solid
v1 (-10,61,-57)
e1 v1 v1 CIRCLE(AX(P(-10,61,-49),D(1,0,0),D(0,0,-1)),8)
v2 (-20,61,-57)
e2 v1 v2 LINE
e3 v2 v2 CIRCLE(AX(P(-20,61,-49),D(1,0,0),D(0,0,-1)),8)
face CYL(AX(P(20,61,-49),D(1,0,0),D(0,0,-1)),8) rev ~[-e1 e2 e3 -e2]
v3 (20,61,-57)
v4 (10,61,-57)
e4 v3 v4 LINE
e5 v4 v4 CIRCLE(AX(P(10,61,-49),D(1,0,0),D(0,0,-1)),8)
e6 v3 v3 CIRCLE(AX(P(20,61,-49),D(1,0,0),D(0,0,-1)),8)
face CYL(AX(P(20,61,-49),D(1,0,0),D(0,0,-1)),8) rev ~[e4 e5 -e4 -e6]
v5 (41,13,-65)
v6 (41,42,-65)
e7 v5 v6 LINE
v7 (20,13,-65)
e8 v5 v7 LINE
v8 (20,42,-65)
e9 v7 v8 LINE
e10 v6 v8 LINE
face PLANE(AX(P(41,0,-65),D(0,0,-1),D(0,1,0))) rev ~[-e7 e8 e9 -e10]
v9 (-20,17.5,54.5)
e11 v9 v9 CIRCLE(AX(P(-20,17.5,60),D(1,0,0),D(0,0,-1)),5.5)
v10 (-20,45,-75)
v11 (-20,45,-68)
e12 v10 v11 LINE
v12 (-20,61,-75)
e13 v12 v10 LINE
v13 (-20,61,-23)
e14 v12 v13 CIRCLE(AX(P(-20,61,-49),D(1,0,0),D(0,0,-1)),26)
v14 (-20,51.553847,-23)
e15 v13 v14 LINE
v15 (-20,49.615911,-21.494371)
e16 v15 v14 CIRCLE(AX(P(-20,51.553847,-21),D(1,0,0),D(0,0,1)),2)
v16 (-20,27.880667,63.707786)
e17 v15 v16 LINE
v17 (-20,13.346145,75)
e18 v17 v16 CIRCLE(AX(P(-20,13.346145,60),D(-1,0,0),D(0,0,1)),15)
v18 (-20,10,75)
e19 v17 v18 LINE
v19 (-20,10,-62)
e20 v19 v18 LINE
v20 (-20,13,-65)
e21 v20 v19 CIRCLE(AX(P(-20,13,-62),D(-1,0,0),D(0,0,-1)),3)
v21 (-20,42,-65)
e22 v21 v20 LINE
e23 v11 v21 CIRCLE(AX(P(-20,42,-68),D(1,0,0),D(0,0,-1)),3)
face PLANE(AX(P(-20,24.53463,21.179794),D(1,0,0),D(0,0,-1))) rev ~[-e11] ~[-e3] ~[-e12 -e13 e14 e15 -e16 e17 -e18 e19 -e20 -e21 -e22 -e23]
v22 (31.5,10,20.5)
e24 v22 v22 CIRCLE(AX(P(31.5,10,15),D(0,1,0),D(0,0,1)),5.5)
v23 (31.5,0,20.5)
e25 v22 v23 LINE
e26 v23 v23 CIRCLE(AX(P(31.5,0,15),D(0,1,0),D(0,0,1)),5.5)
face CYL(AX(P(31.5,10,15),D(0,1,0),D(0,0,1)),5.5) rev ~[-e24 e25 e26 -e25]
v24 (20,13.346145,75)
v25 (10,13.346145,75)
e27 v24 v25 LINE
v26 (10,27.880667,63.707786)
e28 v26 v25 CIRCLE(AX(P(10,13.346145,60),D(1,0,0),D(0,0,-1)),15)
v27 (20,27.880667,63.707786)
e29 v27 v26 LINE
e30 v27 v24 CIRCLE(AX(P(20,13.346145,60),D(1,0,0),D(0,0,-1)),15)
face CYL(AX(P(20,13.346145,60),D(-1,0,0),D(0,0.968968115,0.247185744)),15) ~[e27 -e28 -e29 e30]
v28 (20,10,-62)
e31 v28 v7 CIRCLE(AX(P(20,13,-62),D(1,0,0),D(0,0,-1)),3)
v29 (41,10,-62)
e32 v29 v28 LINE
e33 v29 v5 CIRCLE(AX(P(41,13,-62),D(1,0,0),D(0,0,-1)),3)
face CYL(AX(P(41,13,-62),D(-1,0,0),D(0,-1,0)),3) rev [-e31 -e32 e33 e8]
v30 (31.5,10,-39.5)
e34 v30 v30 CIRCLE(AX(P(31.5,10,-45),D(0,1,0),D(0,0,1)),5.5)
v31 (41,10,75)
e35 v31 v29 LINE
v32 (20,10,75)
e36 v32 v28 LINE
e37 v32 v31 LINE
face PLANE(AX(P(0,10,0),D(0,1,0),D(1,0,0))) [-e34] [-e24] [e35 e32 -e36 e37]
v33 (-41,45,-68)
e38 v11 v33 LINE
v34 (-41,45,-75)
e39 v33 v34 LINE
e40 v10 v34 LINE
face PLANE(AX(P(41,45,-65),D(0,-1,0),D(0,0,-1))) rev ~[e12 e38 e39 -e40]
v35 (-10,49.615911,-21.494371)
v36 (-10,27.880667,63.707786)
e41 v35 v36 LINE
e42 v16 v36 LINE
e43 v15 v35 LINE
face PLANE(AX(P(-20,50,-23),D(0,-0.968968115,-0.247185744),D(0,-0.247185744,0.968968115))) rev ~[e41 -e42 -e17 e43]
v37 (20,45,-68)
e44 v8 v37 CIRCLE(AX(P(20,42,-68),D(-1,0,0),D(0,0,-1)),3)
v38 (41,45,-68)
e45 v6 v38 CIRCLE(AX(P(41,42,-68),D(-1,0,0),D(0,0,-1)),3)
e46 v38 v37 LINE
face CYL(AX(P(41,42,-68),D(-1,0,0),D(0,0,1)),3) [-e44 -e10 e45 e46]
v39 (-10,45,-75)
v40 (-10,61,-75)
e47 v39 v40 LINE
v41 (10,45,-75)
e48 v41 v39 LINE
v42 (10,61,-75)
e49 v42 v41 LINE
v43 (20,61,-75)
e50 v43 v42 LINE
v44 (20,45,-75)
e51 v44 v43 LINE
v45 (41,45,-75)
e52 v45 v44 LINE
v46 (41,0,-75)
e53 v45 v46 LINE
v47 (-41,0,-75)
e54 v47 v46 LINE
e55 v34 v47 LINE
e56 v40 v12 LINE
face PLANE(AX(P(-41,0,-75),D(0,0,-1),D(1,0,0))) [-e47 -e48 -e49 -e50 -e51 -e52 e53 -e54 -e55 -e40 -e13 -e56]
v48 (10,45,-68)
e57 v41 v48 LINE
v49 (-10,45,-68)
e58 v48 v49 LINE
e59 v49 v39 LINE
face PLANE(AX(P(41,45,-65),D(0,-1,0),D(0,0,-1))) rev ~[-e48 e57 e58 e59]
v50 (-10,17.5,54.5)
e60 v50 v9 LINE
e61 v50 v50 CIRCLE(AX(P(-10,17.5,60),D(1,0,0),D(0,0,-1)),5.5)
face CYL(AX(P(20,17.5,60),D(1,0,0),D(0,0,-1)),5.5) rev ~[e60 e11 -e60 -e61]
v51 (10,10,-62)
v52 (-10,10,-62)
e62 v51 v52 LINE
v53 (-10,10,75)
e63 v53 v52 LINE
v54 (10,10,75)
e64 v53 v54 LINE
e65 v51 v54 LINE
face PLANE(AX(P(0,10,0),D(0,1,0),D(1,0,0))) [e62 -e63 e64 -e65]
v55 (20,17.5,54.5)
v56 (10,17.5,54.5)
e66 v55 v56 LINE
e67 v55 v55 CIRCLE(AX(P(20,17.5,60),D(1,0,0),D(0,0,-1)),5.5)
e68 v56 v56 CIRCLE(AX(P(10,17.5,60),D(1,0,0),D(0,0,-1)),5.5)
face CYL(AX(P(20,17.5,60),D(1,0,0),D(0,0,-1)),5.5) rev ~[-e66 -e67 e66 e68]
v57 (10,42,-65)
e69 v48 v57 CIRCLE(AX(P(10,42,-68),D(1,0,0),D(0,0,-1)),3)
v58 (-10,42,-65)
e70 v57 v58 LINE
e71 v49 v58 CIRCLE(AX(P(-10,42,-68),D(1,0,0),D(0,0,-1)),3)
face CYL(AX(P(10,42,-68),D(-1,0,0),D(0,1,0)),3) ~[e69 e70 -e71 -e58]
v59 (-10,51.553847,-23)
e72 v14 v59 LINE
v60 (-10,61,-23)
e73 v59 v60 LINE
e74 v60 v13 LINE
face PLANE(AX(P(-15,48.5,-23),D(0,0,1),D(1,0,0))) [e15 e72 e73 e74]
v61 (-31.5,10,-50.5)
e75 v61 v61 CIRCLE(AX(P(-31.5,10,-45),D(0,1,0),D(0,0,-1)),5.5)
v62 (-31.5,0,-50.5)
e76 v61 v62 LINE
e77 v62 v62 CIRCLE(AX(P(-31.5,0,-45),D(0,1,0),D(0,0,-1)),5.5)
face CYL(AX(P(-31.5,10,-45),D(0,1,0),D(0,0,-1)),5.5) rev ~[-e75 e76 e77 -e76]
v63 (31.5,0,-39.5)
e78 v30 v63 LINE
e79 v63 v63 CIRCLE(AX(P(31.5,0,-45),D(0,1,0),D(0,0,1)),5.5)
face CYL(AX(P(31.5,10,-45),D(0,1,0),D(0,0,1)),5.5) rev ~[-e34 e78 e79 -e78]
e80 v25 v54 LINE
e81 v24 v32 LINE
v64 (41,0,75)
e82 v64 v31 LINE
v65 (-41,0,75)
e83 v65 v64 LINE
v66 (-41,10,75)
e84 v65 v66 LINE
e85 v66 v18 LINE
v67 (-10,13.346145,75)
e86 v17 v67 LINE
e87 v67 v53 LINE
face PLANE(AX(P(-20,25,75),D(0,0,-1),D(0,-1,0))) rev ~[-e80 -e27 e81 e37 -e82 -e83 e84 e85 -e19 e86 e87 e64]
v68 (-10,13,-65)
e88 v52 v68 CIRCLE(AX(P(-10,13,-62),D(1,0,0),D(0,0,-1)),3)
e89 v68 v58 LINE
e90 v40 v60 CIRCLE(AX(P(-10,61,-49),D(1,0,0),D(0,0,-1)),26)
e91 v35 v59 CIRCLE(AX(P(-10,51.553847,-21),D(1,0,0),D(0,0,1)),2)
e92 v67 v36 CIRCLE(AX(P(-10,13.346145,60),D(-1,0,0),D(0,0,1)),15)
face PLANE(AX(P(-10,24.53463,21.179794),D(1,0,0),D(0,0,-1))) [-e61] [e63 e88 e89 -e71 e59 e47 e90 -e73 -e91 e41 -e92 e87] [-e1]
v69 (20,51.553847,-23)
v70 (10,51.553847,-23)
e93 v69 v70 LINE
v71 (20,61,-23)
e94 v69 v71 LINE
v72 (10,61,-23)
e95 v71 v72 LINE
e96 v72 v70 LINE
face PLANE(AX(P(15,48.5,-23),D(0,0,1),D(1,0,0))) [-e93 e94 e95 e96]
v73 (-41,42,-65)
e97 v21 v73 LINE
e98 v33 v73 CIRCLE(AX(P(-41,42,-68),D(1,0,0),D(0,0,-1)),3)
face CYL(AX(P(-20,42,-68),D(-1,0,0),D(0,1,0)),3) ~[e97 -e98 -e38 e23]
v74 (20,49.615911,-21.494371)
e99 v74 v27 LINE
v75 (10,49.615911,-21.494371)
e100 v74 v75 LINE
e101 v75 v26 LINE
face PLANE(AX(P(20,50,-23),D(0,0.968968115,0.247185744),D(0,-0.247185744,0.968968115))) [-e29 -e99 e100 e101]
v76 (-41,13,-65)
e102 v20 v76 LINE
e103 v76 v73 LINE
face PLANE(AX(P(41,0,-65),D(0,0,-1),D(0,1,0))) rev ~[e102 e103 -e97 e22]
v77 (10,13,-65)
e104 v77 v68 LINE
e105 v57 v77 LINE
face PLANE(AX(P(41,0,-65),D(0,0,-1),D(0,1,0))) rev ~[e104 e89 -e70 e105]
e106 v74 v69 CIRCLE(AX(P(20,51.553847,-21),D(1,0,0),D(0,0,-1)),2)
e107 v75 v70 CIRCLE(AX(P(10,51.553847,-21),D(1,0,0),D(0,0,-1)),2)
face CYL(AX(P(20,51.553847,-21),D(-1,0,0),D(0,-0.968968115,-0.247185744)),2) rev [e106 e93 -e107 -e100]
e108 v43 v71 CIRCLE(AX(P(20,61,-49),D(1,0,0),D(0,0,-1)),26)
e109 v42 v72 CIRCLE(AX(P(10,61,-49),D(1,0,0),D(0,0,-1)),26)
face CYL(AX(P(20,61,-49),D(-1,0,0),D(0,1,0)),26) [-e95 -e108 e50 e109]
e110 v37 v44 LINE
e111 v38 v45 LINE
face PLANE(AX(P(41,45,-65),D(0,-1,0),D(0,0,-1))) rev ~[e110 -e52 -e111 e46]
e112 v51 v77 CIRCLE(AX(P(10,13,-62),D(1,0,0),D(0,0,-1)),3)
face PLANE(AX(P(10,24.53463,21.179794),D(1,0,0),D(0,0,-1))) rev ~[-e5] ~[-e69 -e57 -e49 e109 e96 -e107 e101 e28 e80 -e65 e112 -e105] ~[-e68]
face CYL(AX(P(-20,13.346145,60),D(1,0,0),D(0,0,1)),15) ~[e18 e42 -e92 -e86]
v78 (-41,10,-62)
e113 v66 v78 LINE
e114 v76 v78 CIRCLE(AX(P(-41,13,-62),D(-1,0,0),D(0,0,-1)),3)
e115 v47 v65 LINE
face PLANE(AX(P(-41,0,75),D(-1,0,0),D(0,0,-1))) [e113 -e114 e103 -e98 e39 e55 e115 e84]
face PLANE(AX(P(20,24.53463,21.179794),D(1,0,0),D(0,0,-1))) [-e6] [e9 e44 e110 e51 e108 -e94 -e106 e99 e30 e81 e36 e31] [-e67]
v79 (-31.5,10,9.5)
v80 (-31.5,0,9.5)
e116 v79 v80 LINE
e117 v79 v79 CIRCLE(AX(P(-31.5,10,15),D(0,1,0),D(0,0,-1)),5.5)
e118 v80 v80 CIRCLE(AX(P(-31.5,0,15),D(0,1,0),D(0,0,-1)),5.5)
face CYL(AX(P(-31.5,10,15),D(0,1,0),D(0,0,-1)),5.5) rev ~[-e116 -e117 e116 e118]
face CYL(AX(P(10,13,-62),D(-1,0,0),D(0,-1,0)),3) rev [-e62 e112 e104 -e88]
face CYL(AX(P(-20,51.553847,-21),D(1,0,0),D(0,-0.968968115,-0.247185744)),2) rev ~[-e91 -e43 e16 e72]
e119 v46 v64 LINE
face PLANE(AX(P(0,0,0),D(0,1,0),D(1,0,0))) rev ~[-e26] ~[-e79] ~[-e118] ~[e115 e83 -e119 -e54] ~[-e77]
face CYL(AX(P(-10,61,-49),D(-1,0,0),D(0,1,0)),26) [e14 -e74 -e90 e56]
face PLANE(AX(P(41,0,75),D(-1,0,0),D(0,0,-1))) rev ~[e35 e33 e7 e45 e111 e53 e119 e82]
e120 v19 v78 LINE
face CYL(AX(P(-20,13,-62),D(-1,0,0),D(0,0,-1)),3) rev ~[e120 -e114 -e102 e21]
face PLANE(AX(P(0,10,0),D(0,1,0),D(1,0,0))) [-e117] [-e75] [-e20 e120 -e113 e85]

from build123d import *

# Parameters (mm, degrees)
SKETCH1_W                = 82
SKETCH1_H                = 150
BOSS_EXTRUDE1_DEPTH      = 10
SKETCH2_W                = 10
SKETCH2_H                = 45
BOSS_EXTRUDE2_DEPTH      = 82
BOSS_EXTRUDE3_DEPTH      = 42
BOSS_EXTRUDE3_DEPTH_BACK = 10
FILLET3_RADIUS           = 26
FILLET3_LENGTH           = 10
FILLET4_RADIUS           = 26
FILLET4_LENGTH           = 10
BOSS_EXTRUDE4_DEPTH      = 10
BOSS_EXTRUDE5_DEPTH      = 10
FILLET5_R                = 15
FILLET6_R                = 15
SKETCH6_R                = 8
SKETCH6_R_2              = 5.5
CUT_EXTRUDE1_DEPTH       = 131.057679512
FILLET7_R                = 3
FILLET8_R                = 3
FILLET9_R                = 3
FILLET10_R               = 3
FILLET11_R               = 2
SKETCH7_R                = 5.5
CUT_EXTRUDE2_DEPTH       = 116.043470045


with BuildPart() as part:
    # Sketch1 → Boss-Extrude1 (new body)
    with BuildSketch(Plane(origin=(0, 0, 0), x_dir=(1, 0, 0), z_dir=(0, 1, 0))):
        Rectangle(SKETCH1_W, SKETCH1_H)
    extrude(amount=BOSS_EXTRUDE1_DEPTH)

    # Sketch2 → Boss-Extrude2 (add, through all)
    with BuildSketch(Plane(origin=(41, 0, 0), x_dir=(0, 0, -1), z_dir=(1, 0, 0))):
        with Locations((70, 22.5)):
            Rectangle(SKETCH2_W, SKETCH2_H)
    extrude(amount=-BOSS_EXTRUDE2_DEPTH)

    # Sketch3 → Boss-Extrude3 (add, two sides: drawn at the far end of the back side and taken through both)
    with BuildSketch(Plane.XY.offset(-65).offset(-BOSS_EXTRUDE3_DEPTH_BACK)):
        Polygon((10, 45), (10, 10), (20, 10), (20, 45), (20, 87), (10, 87), align=None)
        Polygon((-10, 45), (-10, 87), (-20, 87), (-20, 45), (-20, 10), (-10, 10), align=None)
    extrude(amount=BOSS_EXTRUDE3_DEPTH + BOSS_EXTRUDE3_DEPTH_BACK)

    # Fillet3: full round fillet: the end face becomes a half cylinder, R = half its width
    fillet3_face = Plane((15, 87, -49), x_dir=(-1, 0, 0), z_dir=(0, 1, 0))  # on the end face: x along it, z out of the body
    fillet3_slab = fillet3_face.offset(-FILLET3_RADIUS / 2) * Box(FILLET3_LENGTH, 2 * FILLET3_RADIUS, FILLET3_RADIUS, mode=Mode.PRIVATE)  # the body's end, R deep
    fillet3_round = Plane((15, 61, -49), x_dir=(0, 1, 0), z_dir=(-1, 0, 0)) * Cylinder(FILLET3_RADIUS, FILLET3_LENGTH, mode=Mode.PRIVATE)  # its axis R under the face
    add(fillet3_slab - fillet3_round, mode=Mode.SUBTRACT)

    # Fillet4: full round fillet: the end face becomes a half cylinder, R = half its width
    fillet4_face = Plane((-15, 87, -49), x_dir=(-1, 0, 0), z_dir=(0, 1, 0))  # on the end face: x along it, z out of the body
    fillet4_slab = fillet4_face.offset(-FILLET4_RADIUS / 2) * Box(FILLET4_LENGTH, 2 * FILLET4_RADIUS, FILLET4_RADIUS, mode=Mode.PRIVATE)  # the body's end, R deep
    fillet4_round = Plane((-15, 61, -49), x_dir=(0, 1, 0), z_dir=(-1, 0, 0)) * Cylinder(FILLET4_RADIUS, FILLET4_LENGTH, mode=Mode.PRIVATE)  # its axis R under the face
    add(fillet4_slab - fillet4_round, mode=Mode.SUBTRACT)

    # Sketch4 → Boss-Extrude4 (add)
    with BuildSketch(Plane(origin=(20, 0, 0), x_dir=(0, 0, -1), z_dir=(1, 0, 0))):
        Polygon((23, 10), (23, 50), (-75, 25), (-75, 10), align=None)
    extrude(amount=-BOSS_EXTRUDE4_DEPTH)

    # Sketch5 → Boss-Extrude5 (add)
    with BuildSketch(Plane.ZY.offset(20)):
        Polygon((-23, 50), (75, 25), (75, 10), (-23, 10), align=None)
    extrude(amount=-BOSS_EXTRUDE5_DEPTH)

    # Fillet5
    fillet5_edges = [part.edges().sort_by_distance(p)[0] for p in [
        (15, 25, 75),
    ]]
    fillet(fillet5_edges, radius=FILLET5_R)

    # Fillet6
    fillet6_edges = [part.edges().sort_by_distance(p)[0] for p in [
        (-15, 25, 75),
    ]]
    fillet(fillet6_edges, radius=FILLET6_R)

    # Sketch6 → Cut-Extrude1 (cut, through all)
    with BuildSketch(Plane(origin=(20, 0, 0), x_dir=(0, 0, -1), z_dir=(1, 0, 0))):
        with Locations((49, 61)):
            Circle(SKETCH6_R)
        with Locations((-60, 17.5)):
            Circle(SKETCH6_R_2)
    extrude(amount=-CUT_EXTRUDE1_DEPTH, mode=Mode.SUBTRACT)

    # Fillet7
    fillet7_edges = [part.edges().sort_by_distance(p)[0] for p in [
        (30.5, 45, -65),
    ]]
    fillet(fillet7_edges, radius=FILLET7_R)

    # Fillet8
    fillet8_edges = [part.edges().sort_by_distance(p)[0] for p in [
        (0, 45, -65),
    ]]
    fillet(fillet8_edges, radius=FILLET8_R)

    # Fillet9
    fillet9_edges = [part.edges().sort_by_distance(p)[0] for p in [
        (-30.5, 45, -65),
    ]]
    fillet(fillet9_edges, radius=FILLET9_R)

    # Fillet10
    fillet10_edges = [part.edges().sort_by_distance(p)[0] for p in [
        (30.5, 10, -65),
        (0, 10, -65),
        (-30.5, 10, -65),
    ]]
    fillet(fillet10_edges, radius=FILLET10_R)

    # Fillet11
    fillet11_edges = [part.edges().sort_by_distance(p)[0] for p in [
        (15, 50, -23),
        (-15, 50, -23),
    ]]
    fillet(fillet11_edges, radius=FILLET11_R)

    # Sketch7 → Cut-Extrude2 (cut, through all)
    with BuildSketch(Plane(origin=(0, 10, 0), x_dir=(1, 0, 0), z_dir=(0, 1, 0))):
        with Locations(Location((31.5, 45, 0), (0, 0, 270))):
            Circle(SKETCH7_R)
        with Locations(Location((31.5, -15, 0), (0, 0, 270))):
            Circle(SKETCH7_R)
        with Locations(Location((-31.5, -15, 0), (0, 0, 90))):
            Circle(SKETCH7_R)
        with Locations(Location((-31.5, 45, 0), (0, 0, 90))):
            Circle(SKETCH7_R)
    extrude(amount=-CUT_EXTRUDE2_DEPTH, mode=Mode.SUBTRACT)


solid = part.part
